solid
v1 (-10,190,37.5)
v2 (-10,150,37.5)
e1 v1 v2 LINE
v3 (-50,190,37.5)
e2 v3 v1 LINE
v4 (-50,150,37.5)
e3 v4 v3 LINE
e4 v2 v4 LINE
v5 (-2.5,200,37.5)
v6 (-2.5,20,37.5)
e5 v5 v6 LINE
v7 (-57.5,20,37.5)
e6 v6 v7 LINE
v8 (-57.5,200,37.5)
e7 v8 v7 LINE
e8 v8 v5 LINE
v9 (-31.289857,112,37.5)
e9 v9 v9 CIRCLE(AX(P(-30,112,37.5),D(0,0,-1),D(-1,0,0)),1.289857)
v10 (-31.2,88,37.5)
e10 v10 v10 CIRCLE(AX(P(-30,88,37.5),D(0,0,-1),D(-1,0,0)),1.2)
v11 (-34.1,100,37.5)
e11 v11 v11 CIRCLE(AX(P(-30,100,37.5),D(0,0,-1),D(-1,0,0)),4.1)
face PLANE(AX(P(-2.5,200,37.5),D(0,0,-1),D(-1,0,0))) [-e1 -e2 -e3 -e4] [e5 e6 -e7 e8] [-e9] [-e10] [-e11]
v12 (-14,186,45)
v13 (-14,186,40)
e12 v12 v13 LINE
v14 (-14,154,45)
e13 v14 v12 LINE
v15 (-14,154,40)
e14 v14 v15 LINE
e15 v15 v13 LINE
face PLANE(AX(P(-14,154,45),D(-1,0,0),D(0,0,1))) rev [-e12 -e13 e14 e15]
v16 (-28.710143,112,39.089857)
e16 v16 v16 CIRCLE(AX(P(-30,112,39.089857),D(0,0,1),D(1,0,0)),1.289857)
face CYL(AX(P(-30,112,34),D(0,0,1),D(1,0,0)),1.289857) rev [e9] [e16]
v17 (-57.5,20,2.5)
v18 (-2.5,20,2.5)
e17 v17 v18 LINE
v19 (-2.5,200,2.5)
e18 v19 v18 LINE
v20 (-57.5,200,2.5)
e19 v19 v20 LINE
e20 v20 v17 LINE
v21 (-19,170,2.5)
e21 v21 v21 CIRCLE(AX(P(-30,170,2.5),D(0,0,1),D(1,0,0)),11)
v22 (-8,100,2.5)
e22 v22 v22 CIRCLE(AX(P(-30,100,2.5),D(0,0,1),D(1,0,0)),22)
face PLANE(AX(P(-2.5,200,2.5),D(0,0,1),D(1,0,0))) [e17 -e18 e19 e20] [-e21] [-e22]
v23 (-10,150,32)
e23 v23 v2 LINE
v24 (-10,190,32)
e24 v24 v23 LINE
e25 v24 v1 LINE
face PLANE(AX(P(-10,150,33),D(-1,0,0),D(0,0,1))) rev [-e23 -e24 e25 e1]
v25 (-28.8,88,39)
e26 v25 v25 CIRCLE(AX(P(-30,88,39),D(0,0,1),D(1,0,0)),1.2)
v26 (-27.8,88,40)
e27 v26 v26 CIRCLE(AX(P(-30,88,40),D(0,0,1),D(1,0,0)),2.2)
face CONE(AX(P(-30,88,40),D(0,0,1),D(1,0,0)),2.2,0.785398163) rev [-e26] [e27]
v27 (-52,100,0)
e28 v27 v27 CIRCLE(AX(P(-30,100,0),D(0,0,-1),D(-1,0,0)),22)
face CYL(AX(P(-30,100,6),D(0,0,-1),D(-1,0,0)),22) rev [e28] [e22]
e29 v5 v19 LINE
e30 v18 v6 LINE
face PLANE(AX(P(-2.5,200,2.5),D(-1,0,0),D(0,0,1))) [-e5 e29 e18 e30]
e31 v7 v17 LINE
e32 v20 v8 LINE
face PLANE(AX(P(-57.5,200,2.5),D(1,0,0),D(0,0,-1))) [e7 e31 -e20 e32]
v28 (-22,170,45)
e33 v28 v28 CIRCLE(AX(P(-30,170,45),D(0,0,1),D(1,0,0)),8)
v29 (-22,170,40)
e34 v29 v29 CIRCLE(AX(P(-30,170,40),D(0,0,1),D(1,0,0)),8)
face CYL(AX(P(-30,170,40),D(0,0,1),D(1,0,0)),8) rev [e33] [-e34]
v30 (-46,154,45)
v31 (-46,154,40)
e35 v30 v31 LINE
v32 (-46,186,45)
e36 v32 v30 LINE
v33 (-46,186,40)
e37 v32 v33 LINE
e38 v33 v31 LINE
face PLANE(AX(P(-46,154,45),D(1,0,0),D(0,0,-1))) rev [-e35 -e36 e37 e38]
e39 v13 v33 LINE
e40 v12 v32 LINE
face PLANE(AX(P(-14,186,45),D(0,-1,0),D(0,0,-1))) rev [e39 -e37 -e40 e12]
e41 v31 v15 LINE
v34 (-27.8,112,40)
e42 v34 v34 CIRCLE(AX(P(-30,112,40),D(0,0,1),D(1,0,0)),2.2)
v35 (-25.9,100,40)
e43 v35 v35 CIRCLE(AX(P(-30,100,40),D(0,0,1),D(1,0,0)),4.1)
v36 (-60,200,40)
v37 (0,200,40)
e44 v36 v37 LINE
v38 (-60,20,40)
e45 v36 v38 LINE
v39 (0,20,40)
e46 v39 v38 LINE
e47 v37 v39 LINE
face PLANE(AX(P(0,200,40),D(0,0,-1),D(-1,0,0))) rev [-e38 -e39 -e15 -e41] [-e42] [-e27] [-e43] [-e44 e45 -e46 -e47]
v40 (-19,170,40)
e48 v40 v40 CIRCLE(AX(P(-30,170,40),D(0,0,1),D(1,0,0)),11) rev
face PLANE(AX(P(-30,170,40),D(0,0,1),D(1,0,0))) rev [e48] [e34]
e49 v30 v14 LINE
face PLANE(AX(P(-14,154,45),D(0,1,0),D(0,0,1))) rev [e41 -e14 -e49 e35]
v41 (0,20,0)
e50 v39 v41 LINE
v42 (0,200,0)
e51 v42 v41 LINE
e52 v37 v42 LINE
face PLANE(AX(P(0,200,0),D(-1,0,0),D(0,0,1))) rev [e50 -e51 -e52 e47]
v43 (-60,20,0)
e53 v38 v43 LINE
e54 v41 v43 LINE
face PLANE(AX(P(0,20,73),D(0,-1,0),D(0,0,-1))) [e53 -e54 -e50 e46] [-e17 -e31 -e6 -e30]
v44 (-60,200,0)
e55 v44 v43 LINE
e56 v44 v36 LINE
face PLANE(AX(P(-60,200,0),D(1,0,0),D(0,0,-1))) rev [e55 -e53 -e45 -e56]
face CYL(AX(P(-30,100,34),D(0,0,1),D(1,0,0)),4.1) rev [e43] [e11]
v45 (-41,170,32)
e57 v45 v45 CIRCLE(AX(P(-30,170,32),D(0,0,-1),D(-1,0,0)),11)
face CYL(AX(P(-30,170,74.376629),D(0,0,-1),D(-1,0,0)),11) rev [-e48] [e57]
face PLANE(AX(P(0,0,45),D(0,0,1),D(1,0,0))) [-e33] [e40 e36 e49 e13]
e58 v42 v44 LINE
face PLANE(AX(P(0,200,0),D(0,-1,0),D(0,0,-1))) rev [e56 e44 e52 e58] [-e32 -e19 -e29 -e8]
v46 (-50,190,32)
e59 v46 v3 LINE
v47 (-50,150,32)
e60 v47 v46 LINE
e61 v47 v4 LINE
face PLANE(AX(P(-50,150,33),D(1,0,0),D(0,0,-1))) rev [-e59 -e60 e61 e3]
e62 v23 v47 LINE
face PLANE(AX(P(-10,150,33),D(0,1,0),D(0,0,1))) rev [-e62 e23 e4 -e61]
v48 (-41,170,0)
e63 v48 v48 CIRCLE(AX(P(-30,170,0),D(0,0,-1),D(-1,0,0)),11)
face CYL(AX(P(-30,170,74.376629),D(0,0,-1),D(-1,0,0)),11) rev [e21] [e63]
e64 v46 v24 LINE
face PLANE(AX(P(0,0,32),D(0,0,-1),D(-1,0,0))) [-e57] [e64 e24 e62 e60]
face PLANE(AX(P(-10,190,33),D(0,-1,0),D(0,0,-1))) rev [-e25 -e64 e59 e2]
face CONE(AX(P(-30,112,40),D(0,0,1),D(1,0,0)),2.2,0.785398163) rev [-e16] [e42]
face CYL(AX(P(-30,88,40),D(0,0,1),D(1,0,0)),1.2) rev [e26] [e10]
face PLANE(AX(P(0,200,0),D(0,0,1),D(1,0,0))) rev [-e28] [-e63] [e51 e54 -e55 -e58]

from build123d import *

# Parameters (mm, degrees)
SKETCH1_W                                       = 60
SKETCH1_H                                       = 40
SKETCH1_W_2                                     = 55
SKETCH1_H_2                                     = 35
BOSS_EXTRUDE1_DEPTH                             = 200
CUT_EXTRUDE1_DEPTH                              = 74.376629
SKETCH3_W                                       = 40
SKETCH3_H                                       = 40
SKETCH3_R                                       = 11
BOSS_EXTRUDE2_DEPTH                             = 4.5
SKETCH4_R                                       = 4
CUT_EXTRUDE2_DEPTH                              = 258.5
CUT_EXTRUDE3_DEPTH                              = 73
SKETCH6_R                                       = 22
CUT_EXTRUDE4_DEPTH                              = 6
SKETCH7_R                                       = 1
CUT_EXTRUDE5_DEPTH                              = 6
CSK_FOR_M2_FLAT_HEAD_MACHINE_SCREW1_D           = 2.6
CSK_FOR_M2_FLAT_HEAD_MACHINE_SCREW1_DEPTH       = 15
CSK_FOR_M2_FLAT_HEAD_MACHINE_SCREW1_CSINK_D     = 4.4
CSK_FOR_M2_FLAT_HEAD_MACHINE_SCREW1_CSINK_ANGLE = 90
CSK_FOR_M2_FLAT_HEAD_MACHINE_SCREW1_TIP         = 0.781119
SKETCH11_R                                      = 4.1
CUT_EXTRUDE6_DEPTH                              = 6
SKETCH12_R                                      = 1.289857
SKETCH12_R_2                                    = 0.80802
CUT_EXTRUDE7_DEPTH                              = 6
CSK_FOR_M2_FLAT_HEAD_MACHINE_SCREW3_D           = 2.4
CSK_FOR_M2_FLAT_HEAD_MACHINE_SCREW3_DEPTH       = 15
CSK_FOR_M2_FLAT_HEAD_MACHINE_SCREW3_CSINK_D     = 4.4
CSK_FOR_M2_FLAT_HEAD_MACHINE_SCREW3_CSINK_ANGLE = 90
CSK_FOR_M2_FLAT_HEAD_MACHINE_SCREW3_TIP         = 0.721033
SKETCH17_W                                      = 6.292961
SKETCH17_H                                      = 8.782939
SKETCH17_W_2                                    = 8.588554
SKETCH17_H_2                                    = 10.208281
BOSS_EXTRUDE3_DEPTH                             = 2.5
SKETCH18_W                                      = 40
SKETCH18_H                                      = 40
SKETCH18_R                                      = 11
BOSS_EXTRUDE4_DEPTH                             = 1
SKETCH19_W                                      = 32
SKETCH19_H                                      = 32
SKETCH19_R                                      = 11
BOSS_EXTRUDE5_DEPTH                             = 5
SKETCH20_R                                      = 11
SKETCH20_R_2                                    = 8
BOSS_EXTRUDE6_DEPTH                             = 5


with BuildPart() as part:
    # Sketch1 → Boss-Extrude1 (new body)
    with BuildSketch(Plane(origin=(0, 0, 0), x_dir=(1, 0, 0), z_dir=(0, 1, 0))):
        with Locations((-30, -20)):
            Rectangle(SKETCH1_W, SKETCH1_H)
        with Locations((-30, -20)):
            Rectangle(SKETCH1_W_2, SKETCH1_H_2, mode=Mode.SUBTRACT)
    extrude(amount=BOSS_EXTRUDE1_DEPTH)

    # Sketch2 → Cut-Extrude1 (cut)
    with BuildSketch(Plane(origin=(0, 0, 0), x_dir=(-1, 0, 0), z_dir=(0, 0, -1))):
        with BuildLine():
            ThreePointArc((41, 170), (34.209518, 180.162675), (22.221825, 177.778175))
            Line((22.221825, 177.778175), (37.778175, 162.221825))
            ThreePointArc((37.778175, 162.221825), (40.162675, 165.790482), (41, 170))
        make_face()
        with BuildLine():
            Line((37.778175, 162.221825), (22.221825, 177.778175))
            ThreePointArc((22.221825, 177.778175), (22.221825, 162.221825), (37.778175, 162.221825))
        make_face()
    extrude(amount=-CUT_EXTRUDE1_DEPTH, mode=Mode.SUBTRACT)

    # Sketch3 → Boss-Extrude2 (add)
    with BuildSketch(Plane(origin=(0, 0, 37.5), x_dir=(-1, 0, 0), z_dir=(0, 0, -1))):
        with Locations((30, 170)):
            Rectangle(SKETCH3_W, SKETCH3_H)
        with Locations((30, 170)):
            Circle(SKETCH3_R, mode=Mode.SUBTRACT)
    extrude(amount=BOSS_EXTRUDE2_DEPTH)

    # Sketch4 → Cut-Extrude2 (cut)
    with BuildSketch(Plane.XY.offset(40)):
        with Locations((-30, 100)):
            Circle(SKETCH4_R)
    extrude(amount=-CUT_EXTRUDE2_DEPTH, mode=Mode.SUBTRACT)

    # Sketch5 → Cut-Extrude3 (cut)
    with BuildSketch(Plane(origin=(0, 0, 0), x_dir=(-1, 0, 0), z_dir=(0, 0, -1))):
        Polygon((60, 20), (30, 20), (0, 20), (0, 0), (60, 0), align=None)
    extrude(amount=-CUT_EXTRUDE3_DEPTH, mode=Mode.SUBTRACT)

    # Sketch6 → Cut-Extrude4 (cut)
    with BuildSketch(Plane(origin=(0, 0, 0), x_dir=(-1, 0, 0), z_dir=(0, 0, -1))):
        with Locations((30, 100)):
            Circle(SKETCH6_R)
    extrude(amount=-CUT_EXTRUDE4_DEPTH, mode=Mode.SUBTRACT)

    # Sketch7 → Cut-Extrude5 (cut)
    with BuildSketch(Plane.XY.offset(40)):
        with Locations((-42, 100)):
            Circle(SKETCH7_R)
        with Locations((-18, 100)):
            Circle(SKETCH7_R)
    extrude(amount=-CUT_EXTRUDE5_DEPTH, mode=Mode.SUBTRACT)

    # CSK for M2 Flat Head Machine Screw1
    with Locations(Plane.XY.offset(40)):
        with Locations((-42, 100), (-18, 100)):
            CounterSinkHole(CSK_FOR_M2_FLAT_HEAD_MACHINE_SCREW1_D / 2, CSK_FOR_M2_FLAT_HEAD_MACHINE_SCREW1_CSINK_D / 2, depth=CSK_FOR_M2_FLAT_HEAD_MACHINE_SCREW1_DEPTH, counter_sink_angle=CSK_FOR_M2_FLAT_HEAD_MACHINE_SCREW1_CSINK_ANGLE)
            with Locations((0, 0, -(CSK_FOR_M2_FLAT_HEAD_MACHINE_SCREW1_DEPTH + CSK_FOR_M2_FLAT_HEAD_MACHINE_SCREW1_TIP / 2))):  # 118° drill point
                Cone(0, CSK_FOR_M2_FLAT_HEAD_MACHINE_SCREW1_D / 2, CSK_FOR_M2_FLAT_HEAD_MACHINE_SCREW1_TIP, mode=Mode.SUBTRACT)

    # Sketch11 → Cut-Extrude6 (cut)
    with BuildSketch(Plane.XY.offset(40)):
        with Locations((-30, 100)):
            Circle(SKETCH11_R)
    extrude(amount=-CUT_EXTRUDE6_DEPTH, mode=Mode.SUBTRACT)

    # Sketch12 → Cut-Extrude7 (cut)
    with BuildSketch(Plane.XY.offset(40)):
        with Locations((-30, 112)):
            Circle(SKETCH12_R)
        with Locations((-30, 88)):
            Circle(SKETCH12_R_2)
    extrude(amount=-CUT_EXTRUDE7_DEPTH, mode=Mode.SUBTRACT)

    # CSK for M2 Flat Head Machine Screw3
    with Locations(Plane.XY.offset(40)):
        with Locations((-30, 112), (-30, 88)):
            CounterSinkHole(CSK_FOR_M2_FLAT_HEAD_MACHINE_SCREW3_D / 2, CSK_FOR_M2_FLAT_HEAD_MACHINE_SCREW3_CSINK_D / 2, depth=CSK_FOR_M2_FLAT_HEAD_MACHINE_SCREW3_DEPTH, counter_sink_angle=CSK_FOR_M2_FLAT_HEAD_MACHINE_SCREW3_CSINK_ANGLE)
            with Locations((0, 0, -(CSK_FOR_M2_FLAT_HEAD_MACHINE_SCREW3_DEPTH + CSK_FOR_M2_FLAT_HEAD_MACHINE_SCREW3_TIP / 2))):  # 118° drill point
                Cone(0, CSK_FOR_M2_FLAT_HEAD_MACHINE_SCREW3_D / 2, CSK_FOR_M2_FLAT_HEAD_MACHINE_SCREW3_TIP, mode=Mode.SUBTRACT)

    # Sketch17 → Boss-Extrude3 (add)
    with BuildSketch(Plane.XY.offset(40)):
        with Locations((-18.162519, 99.731353)):
            Rectangle(SKETCH17_W, SKETCH17_H)
        with Locations((-41.340858, 100.800418)):
            Rectangle(SKETCH17_W_2, SKETCH17_H_2)
    extrude(amount=-BOSS_EXTRUDE3_DEPTH)

    # Sketch18 → Boss-Extrude4 (add)
    with BuildSketch(Plane(origin=(0, 0, 33), x_dir=(-1, 0, 0), z_dir=(0, 0, -1))):
        with Locations((30, 170)):
            Rectangle(SKETCH18_W, SKETCH18_H)
        with Locations((30, 170)):
            Circle(SKETCH18_R, mode=Mode.SUBTRACT)
    extrude(amount=BOSS_EXTRUDE4_DEPTH)

    # Sketch19 → Boss-Extrude5 (add)
    with BuildSketch(Plane.XY.offset(40)):
        with Locations((-30, 170)):
            Rectangle(SKETCH19_W, SKETCH19_H)
        with Locations((-30, 170)):
            Circle(SKETCH19_R, mode=Mode.SUBTRACT)
    extrude(amount=BOSS_EXTRUDE5_DEPTH)

    # Sketch20 → Boss-Extrude6 (add)
    with BuildSketch(Plane.XY.offset(45)):
        with Locations((-30, 170)):
            Circle(SKETCH20_R)
        with Locations((-30, 170)):
            Circle(SKETCH20_R_2, mode=Mode.SUBTRACT)
    extrude(amount=-BOSS_EXTRUDE6_DEPTH)


solid = part.part
